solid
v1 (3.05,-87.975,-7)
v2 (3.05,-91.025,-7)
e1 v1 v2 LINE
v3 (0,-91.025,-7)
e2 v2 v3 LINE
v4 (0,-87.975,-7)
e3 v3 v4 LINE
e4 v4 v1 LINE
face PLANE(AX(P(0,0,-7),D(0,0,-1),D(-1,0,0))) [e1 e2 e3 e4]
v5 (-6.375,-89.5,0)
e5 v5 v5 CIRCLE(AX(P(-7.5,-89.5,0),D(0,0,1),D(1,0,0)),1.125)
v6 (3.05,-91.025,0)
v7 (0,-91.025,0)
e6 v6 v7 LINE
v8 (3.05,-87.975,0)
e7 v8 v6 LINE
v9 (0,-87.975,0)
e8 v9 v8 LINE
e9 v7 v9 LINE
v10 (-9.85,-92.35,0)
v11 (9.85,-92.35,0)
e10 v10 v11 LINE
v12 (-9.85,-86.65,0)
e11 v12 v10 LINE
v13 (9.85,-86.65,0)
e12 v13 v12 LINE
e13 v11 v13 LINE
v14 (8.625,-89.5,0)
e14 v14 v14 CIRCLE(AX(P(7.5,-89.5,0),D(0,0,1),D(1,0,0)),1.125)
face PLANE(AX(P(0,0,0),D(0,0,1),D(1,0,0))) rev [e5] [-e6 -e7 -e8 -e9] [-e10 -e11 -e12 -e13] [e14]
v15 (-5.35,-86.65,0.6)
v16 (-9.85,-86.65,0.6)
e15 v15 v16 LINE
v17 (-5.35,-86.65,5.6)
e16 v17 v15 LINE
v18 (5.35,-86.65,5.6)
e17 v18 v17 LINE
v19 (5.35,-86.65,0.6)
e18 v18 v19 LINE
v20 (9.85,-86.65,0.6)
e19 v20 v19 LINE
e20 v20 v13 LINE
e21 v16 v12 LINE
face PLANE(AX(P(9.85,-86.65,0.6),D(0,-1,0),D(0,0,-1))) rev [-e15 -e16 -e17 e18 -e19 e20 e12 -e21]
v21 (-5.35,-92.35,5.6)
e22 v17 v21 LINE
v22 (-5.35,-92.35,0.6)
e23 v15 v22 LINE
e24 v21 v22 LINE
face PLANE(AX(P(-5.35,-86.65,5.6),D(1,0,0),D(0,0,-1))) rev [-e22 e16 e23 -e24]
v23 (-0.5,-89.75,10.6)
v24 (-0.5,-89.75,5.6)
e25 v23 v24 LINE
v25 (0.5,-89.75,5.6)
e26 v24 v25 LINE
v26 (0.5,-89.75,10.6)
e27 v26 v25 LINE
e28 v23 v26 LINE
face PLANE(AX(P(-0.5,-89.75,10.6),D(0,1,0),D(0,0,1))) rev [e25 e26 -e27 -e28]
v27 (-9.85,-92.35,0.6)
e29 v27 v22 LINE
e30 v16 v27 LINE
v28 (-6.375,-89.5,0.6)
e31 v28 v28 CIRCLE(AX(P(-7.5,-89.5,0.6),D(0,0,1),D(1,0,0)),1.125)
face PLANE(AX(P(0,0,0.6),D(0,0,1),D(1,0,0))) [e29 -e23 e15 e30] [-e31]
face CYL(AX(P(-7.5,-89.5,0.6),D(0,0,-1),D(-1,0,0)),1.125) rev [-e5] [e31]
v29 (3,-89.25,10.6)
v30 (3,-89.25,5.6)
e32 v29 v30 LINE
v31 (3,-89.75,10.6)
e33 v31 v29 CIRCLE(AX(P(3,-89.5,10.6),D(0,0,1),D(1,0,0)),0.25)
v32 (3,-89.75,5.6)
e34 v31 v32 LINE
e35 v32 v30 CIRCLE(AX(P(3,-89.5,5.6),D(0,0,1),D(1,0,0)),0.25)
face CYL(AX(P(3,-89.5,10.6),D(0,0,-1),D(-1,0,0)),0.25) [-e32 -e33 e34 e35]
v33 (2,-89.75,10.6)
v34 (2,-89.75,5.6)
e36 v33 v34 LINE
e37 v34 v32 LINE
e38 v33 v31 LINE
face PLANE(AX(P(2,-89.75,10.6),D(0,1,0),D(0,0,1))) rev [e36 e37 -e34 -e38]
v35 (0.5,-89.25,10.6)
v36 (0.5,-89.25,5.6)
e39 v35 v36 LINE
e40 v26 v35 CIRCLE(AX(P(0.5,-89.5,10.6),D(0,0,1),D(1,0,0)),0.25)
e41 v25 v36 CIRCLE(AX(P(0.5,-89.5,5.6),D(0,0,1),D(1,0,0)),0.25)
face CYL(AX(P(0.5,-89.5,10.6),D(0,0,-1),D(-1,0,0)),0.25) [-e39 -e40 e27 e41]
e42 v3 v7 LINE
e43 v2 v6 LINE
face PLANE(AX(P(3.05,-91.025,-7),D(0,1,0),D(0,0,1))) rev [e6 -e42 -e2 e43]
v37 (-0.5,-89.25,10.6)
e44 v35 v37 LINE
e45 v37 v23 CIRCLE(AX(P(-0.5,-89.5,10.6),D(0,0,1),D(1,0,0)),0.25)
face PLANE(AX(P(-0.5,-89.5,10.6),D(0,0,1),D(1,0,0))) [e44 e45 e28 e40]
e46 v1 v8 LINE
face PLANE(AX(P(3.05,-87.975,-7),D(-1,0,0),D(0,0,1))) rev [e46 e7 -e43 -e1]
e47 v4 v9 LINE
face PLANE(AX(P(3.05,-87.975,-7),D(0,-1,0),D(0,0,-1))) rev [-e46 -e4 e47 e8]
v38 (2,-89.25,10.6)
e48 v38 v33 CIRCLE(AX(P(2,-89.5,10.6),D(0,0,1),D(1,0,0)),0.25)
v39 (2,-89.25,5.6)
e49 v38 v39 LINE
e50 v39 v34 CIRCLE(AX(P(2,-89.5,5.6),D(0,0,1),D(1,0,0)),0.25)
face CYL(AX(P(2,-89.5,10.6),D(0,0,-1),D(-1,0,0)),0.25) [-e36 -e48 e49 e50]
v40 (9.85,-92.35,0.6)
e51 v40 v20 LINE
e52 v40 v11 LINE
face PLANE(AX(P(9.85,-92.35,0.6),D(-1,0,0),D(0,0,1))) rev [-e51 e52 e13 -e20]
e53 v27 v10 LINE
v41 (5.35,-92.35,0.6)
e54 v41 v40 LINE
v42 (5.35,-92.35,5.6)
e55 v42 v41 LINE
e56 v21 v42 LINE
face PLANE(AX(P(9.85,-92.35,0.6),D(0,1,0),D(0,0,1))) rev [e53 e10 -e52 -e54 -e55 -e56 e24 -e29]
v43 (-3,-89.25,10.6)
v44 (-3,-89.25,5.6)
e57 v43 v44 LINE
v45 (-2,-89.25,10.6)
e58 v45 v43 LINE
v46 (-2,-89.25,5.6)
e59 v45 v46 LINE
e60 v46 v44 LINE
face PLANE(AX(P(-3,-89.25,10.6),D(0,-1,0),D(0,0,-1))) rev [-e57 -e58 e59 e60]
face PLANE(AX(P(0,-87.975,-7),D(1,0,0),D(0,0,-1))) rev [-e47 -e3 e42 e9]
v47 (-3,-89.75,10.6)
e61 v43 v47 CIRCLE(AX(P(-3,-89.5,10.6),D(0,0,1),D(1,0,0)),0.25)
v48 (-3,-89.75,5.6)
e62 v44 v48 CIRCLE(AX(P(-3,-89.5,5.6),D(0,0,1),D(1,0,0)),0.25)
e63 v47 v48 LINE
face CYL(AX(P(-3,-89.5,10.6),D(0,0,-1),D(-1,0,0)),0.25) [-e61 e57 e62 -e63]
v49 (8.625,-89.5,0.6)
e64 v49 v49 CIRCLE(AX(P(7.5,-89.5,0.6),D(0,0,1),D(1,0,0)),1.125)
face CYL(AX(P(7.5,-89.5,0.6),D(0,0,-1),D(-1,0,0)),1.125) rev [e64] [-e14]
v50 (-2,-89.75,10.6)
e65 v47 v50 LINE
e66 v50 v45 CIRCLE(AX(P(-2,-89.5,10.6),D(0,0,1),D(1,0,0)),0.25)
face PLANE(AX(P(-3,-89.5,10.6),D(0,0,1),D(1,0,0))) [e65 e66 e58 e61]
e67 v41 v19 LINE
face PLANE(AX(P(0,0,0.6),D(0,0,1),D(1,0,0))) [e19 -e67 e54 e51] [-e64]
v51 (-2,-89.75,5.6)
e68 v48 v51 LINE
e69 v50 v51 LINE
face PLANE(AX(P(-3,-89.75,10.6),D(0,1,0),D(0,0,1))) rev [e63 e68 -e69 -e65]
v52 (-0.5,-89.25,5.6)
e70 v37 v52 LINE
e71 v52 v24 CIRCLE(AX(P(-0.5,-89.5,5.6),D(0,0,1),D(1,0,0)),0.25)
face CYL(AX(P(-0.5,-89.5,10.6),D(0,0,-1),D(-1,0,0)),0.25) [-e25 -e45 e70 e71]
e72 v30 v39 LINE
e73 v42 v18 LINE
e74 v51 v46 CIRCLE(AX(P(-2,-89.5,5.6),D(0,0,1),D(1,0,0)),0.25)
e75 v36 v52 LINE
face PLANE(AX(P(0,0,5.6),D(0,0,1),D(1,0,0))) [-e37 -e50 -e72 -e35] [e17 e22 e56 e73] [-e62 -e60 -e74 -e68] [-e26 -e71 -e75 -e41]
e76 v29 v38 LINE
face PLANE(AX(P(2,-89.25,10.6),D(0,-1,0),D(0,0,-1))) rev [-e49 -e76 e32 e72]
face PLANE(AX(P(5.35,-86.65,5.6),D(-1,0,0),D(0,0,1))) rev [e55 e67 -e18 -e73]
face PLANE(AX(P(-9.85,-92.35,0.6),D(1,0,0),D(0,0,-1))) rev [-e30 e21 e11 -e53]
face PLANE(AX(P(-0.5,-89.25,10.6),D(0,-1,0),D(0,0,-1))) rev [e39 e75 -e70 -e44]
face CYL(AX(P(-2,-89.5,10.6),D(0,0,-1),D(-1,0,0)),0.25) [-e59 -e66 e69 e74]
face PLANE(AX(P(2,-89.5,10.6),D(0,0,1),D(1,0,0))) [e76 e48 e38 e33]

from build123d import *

# Parameters (mm, degrees)
SKETCH1_W           = 19.7
SKETCH1_H           = 5.7
SKETCH1_R           = 1.125
BOSS_EXTRUDE1_DEPTH = 0.6
SKETCH2_W           = 10.7
SKETCH2_H           = 5.7
BOSS_EXTRUDE2_DEPTH = 5
SKETCH3_W           = 3.05
SKETCH3_H           = 3.05
BOSS_EXTRUDE3_DEPTH = 7
BOSS_EXTRUDE4_DEPTH = 5


with BuildPart() as part:
    # Sketch1 → Boss-Extrude1 (new body)
    with BuildSketch(Plane.XY):
        with Locations((0, -89.5)):
            Rectangle(SKETCH1_W, SKETCH1_H)
        with Locations((7.5, -89.5)):
            Circle(SKETCH1_R, mode=Mode.SUBTRACT)
        with Locations((-7.5, -89.5)):
            Circle(SKETCH1_R, mode=Mode.SUBTRACT)
    extrude(amount=BOSS_EXTRUDE1_DEPTH)

    # Sketch2 → Boss-Extrude2 (add)
    with BuildSketch(Plane.XY.offset(0.6)):
        with Locations((0, -89.5)):
            Rectangle(SKETCH2_W, SKETCH2_H)
    extrude(amount=BOSS_EXTRUDE2_DEPTH)

    # Sketch3 → Boss-Extrude3 (add)
    with BuildSketch(Plane(origin=(0, 0, 0), x_dir=(-1, 0, 0), z_dir=(0, 0, -1))):
        with Locations((-1.525, -89.5)):
            Rectangle(SKETCH3_W, SKETCH3_H)
    extrude(amount=BOSS_EXTRUDE3_DEPTH)

    # Sketch4 → Boss-Extrude4 (add)
    with BuildSketch(Plane.XY.offset(5.6)):
        with BuildLine():
            Line((-0.5, -89.25), (0.5, -89.25))
            ThreePointArc((0.5, -89.25), (0.75, -89.5), (0.5, -89.75))
            Line((0.5, -89.75), (-0.5, -89.75))
            ThreePointArc((-0.5, -89.75), (-0.75, -89.5), (-0.5, -89.25))
        make_face()
        with BuildLine():
            Line((2, -89.25), (3, -89.25))
            ThreePointArc((3, -89.25), (3.25, -89.5), (3, -89.75))
            Line((3, -89.75), (2, -89.75))
            ThreePointArc((2, -89.75), (1.75, -89.5), (2, -89.25))
        make_face()
        with BuildLine():
            Line((-3, -89.25), (-2, -89.25))
            ThreePointArc((-2, -89.25), (-1.75, -89.5), (-2, -89.75))
            Line((-2, -89.75), (-3, -89.75))
            ThreePointArc((-3, -89.75), (-3.25, -89.5), (-3, -89.25))
        make_face()
    extrude(amount=BOSS_EXTRUDE4_DEPTH)


solid = part.part
